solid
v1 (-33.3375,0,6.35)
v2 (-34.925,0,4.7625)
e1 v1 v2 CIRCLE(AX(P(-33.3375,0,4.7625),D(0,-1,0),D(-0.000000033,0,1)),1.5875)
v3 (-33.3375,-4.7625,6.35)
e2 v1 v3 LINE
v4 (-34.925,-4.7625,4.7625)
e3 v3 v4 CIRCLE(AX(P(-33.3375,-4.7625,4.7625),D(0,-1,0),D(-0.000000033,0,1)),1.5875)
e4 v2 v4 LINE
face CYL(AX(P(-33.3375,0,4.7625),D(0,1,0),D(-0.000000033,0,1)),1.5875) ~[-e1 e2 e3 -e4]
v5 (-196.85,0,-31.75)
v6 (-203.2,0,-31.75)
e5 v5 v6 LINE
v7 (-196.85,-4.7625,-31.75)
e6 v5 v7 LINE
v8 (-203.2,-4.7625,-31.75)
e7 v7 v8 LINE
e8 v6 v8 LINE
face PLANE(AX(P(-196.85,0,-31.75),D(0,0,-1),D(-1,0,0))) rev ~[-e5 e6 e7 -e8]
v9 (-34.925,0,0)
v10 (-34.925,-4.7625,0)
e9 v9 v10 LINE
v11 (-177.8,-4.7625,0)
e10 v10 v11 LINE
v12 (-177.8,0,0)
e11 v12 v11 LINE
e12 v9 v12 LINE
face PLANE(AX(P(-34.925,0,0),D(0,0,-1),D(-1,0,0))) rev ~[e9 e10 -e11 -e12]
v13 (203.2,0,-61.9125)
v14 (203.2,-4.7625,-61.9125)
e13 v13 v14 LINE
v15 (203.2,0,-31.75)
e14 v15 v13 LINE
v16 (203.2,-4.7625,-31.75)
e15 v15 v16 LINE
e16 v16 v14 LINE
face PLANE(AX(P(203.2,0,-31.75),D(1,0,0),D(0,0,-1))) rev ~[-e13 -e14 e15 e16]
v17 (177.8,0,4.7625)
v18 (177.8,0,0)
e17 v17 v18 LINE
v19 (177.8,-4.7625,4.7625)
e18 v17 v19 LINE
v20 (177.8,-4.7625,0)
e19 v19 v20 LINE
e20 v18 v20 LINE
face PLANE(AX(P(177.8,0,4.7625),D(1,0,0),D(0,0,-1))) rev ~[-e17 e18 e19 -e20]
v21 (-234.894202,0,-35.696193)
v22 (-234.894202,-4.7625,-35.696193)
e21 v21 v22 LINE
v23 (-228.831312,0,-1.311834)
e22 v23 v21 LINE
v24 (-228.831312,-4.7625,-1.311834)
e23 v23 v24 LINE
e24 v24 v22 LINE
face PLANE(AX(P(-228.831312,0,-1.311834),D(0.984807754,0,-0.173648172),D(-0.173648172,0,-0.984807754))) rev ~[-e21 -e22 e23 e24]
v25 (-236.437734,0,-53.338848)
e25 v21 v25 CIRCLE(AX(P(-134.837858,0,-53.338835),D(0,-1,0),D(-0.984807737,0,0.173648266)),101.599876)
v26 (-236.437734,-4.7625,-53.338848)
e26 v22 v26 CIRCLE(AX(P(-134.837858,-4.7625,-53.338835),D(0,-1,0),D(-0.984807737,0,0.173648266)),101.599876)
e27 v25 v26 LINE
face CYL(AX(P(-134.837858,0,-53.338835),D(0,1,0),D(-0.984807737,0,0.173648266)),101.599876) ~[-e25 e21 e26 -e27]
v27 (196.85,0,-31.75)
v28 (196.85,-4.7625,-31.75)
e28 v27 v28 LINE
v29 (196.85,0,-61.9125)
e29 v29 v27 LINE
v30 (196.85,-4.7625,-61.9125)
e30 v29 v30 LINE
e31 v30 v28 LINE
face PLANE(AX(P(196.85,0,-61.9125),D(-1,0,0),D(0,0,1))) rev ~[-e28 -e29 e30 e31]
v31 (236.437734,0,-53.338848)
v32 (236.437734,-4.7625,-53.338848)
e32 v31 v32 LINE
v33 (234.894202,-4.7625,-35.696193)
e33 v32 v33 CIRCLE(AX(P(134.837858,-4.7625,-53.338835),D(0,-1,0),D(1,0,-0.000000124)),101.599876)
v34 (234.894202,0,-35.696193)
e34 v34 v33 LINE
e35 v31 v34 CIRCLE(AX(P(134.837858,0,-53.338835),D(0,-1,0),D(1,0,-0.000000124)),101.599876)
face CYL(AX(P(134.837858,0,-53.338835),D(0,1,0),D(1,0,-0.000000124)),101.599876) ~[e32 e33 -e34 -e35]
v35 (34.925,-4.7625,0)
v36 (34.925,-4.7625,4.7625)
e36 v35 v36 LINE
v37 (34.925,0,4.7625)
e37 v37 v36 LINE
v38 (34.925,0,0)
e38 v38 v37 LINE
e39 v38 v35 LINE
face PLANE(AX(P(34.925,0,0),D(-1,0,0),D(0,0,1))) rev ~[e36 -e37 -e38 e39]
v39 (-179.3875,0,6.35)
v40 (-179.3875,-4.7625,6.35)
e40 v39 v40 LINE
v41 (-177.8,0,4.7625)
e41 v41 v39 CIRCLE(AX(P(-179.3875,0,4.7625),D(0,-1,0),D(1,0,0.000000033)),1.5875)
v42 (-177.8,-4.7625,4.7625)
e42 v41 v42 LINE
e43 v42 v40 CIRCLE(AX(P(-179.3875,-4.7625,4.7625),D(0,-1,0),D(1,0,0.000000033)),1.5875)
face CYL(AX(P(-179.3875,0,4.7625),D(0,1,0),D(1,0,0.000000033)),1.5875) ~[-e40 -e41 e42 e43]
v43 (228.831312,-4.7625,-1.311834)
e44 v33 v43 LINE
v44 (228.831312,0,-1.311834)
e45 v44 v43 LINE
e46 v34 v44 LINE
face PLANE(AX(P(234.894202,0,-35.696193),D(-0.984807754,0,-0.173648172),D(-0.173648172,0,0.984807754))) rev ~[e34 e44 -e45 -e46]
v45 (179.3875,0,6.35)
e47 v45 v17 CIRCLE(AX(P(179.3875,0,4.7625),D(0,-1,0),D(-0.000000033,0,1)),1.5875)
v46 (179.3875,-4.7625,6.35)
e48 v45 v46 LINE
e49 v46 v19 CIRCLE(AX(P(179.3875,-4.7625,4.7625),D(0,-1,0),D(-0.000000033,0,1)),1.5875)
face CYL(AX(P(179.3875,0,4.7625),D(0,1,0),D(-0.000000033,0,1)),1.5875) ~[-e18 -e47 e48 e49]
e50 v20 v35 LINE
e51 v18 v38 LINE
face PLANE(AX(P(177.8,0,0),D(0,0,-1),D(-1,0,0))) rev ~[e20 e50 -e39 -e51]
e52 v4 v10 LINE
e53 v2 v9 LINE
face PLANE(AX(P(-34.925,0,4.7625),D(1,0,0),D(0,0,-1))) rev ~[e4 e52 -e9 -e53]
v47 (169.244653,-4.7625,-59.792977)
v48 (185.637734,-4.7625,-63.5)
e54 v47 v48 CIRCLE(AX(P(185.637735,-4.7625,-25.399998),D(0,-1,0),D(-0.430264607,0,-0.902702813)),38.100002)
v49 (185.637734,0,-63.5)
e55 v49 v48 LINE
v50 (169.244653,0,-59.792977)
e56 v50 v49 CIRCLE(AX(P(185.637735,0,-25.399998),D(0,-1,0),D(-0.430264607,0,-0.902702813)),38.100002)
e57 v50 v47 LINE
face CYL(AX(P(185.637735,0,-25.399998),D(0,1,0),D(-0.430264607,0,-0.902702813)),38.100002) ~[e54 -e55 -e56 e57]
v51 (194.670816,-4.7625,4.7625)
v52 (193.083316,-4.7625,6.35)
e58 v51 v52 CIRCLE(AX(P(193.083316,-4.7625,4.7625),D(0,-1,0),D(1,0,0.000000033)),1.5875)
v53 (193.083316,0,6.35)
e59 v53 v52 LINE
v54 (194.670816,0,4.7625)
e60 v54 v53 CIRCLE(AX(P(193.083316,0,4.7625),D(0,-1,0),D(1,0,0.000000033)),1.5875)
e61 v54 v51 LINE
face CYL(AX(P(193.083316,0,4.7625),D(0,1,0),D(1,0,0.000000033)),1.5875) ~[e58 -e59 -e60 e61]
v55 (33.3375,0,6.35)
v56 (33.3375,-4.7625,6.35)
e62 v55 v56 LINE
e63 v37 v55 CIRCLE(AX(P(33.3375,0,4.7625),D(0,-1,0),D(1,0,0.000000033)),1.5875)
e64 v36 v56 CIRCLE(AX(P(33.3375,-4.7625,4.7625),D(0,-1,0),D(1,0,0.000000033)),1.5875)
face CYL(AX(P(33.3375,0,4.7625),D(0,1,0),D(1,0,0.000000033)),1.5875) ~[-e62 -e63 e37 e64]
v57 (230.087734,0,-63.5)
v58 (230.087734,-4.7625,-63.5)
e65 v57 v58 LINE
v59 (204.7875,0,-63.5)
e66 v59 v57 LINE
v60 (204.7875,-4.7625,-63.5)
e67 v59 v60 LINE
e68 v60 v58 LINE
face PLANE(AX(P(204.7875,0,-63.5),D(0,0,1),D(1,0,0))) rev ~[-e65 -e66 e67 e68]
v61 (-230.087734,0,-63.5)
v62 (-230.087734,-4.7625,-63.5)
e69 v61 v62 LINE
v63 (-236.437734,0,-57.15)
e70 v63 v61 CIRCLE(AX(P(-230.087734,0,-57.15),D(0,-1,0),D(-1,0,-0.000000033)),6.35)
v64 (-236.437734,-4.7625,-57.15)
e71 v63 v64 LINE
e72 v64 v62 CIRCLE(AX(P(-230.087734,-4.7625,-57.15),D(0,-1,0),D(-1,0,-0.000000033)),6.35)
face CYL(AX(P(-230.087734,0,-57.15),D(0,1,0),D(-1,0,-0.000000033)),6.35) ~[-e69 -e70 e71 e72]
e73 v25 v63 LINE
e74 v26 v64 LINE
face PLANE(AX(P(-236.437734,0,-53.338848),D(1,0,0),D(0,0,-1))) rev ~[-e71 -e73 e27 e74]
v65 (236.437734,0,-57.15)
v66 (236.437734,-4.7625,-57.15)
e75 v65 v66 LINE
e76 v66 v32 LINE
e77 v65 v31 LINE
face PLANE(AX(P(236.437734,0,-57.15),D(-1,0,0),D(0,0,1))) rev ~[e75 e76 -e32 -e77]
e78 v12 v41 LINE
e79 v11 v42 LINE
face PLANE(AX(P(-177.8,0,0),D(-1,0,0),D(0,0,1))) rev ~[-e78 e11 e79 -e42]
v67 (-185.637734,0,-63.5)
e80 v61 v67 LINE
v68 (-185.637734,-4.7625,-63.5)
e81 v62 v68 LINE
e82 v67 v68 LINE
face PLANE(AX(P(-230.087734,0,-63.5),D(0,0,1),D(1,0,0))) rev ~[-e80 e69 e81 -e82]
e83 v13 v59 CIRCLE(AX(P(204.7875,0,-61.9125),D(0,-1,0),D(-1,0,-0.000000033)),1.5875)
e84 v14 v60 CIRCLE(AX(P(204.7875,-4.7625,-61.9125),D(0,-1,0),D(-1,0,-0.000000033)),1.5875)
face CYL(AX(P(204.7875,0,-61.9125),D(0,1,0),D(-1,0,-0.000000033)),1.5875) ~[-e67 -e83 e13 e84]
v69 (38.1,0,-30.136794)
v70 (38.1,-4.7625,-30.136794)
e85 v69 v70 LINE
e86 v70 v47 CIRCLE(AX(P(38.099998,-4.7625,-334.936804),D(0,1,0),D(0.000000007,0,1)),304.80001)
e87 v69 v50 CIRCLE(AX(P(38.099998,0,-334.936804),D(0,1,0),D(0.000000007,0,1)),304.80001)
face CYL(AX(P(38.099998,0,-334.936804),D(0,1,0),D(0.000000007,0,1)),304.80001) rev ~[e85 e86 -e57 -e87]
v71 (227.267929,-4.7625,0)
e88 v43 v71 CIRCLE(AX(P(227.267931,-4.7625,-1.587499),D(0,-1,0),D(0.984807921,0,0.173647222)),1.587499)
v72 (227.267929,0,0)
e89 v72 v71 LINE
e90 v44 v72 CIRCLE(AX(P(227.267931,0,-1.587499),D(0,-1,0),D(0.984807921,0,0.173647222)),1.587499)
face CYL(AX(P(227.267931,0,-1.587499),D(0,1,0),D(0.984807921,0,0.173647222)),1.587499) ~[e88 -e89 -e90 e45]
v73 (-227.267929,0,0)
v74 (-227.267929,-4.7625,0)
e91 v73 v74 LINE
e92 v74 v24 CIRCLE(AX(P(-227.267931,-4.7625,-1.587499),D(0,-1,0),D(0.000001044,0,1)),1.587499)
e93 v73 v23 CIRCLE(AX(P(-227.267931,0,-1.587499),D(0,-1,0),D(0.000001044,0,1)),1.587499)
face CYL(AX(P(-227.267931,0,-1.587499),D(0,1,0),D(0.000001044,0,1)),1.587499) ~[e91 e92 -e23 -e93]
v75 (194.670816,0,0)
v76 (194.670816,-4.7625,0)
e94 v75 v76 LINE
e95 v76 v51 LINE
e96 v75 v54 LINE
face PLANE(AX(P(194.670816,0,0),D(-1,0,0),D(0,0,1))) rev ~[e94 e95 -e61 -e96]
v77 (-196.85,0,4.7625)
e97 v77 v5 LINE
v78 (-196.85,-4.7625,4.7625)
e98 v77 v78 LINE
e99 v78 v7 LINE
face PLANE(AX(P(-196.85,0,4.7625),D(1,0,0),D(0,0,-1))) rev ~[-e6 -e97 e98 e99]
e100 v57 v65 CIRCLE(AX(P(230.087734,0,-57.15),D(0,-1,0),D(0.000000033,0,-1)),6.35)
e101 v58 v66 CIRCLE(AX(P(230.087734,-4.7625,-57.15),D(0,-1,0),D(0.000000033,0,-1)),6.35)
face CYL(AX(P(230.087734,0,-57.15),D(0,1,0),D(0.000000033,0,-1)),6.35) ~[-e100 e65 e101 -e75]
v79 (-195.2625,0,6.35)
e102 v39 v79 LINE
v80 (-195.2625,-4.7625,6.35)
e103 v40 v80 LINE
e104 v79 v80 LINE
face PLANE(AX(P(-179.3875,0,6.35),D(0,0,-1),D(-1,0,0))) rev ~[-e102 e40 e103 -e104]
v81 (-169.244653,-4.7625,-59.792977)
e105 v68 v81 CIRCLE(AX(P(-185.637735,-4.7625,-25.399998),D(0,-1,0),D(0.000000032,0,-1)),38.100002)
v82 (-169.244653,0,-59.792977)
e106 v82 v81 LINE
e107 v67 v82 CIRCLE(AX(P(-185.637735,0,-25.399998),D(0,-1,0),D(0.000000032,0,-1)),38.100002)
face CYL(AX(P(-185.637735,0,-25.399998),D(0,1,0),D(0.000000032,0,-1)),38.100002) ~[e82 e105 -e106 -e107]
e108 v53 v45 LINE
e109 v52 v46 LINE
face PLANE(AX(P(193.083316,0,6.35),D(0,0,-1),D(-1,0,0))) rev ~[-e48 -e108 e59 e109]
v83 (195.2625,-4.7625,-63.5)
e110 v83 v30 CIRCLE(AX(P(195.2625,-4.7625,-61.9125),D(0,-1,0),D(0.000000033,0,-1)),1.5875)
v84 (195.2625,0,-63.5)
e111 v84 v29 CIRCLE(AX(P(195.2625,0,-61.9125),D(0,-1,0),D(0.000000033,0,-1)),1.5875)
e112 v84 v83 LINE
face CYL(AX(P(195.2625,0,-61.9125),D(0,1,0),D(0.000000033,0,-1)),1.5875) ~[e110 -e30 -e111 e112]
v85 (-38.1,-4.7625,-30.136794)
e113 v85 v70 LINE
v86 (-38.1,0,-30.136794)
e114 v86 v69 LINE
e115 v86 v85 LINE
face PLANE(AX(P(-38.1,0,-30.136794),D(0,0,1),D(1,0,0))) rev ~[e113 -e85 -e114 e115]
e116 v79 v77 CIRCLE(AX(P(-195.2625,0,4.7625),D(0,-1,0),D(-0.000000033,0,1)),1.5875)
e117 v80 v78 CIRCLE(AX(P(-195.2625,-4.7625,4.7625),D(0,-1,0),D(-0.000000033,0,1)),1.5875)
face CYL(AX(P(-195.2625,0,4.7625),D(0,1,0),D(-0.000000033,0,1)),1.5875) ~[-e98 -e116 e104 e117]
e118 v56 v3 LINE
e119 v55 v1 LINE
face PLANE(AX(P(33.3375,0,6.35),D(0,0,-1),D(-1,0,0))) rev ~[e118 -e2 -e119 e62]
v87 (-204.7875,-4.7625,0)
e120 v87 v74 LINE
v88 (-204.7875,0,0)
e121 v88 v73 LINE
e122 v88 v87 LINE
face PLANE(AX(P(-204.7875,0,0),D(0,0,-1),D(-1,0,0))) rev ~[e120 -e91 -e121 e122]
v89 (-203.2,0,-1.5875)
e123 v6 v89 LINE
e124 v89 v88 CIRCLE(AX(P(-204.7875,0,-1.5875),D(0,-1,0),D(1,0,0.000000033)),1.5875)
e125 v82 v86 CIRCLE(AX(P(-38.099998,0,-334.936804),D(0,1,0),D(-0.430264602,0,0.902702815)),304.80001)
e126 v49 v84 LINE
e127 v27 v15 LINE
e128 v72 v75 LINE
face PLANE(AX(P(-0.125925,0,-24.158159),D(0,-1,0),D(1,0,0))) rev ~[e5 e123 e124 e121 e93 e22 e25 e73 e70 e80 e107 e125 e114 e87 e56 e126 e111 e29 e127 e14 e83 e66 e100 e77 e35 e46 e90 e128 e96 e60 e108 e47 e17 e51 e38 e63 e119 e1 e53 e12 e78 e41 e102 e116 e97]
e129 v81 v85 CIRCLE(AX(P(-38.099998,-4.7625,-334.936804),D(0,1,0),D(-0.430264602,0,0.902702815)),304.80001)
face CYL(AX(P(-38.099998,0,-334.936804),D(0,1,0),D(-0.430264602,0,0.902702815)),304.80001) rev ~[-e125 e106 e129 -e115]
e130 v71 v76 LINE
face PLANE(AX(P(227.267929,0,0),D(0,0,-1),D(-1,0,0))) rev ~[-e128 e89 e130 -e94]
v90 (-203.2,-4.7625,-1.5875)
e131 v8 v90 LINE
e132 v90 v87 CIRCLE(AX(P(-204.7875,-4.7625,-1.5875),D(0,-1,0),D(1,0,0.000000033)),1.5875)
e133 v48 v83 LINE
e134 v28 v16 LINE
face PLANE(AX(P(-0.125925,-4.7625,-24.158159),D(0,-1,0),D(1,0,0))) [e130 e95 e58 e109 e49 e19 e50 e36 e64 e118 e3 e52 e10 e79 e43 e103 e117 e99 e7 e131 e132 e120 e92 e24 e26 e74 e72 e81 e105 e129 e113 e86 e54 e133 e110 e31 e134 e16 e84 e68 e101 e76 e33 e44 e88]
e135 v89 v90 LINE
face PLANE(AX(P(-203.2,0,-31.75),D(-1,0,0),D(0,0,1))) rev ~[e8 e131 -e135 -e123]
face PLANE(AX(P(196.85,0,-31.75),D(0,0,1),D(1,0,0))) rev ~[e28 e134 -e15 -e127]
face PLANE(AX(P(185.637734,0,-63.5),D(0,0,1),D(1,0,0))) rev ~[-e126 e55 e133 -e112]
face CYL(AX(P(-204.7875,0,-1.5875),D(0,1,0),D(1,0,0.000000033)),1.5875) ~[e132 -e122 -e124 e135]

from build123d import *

# Parameters (mm, degrees)
F1_DEPTH = 4.7625


with BuildPart() as f1:
    # F0 (on Front) → F1 (new body)
    with BuildSketch(Plane.XZ):
        with BuildLine():
            Line((-204.7875, 0), (-227.267929, 0))
            ThreePointArc((-227.267929, 0), (-228.288355, -0.371404), (-228.831312, -1.311834))
            Line((-228.831312, -1.311834), (-234.894202, -35.696193))
            ThreePointArc((-234.894202, -35.696193), (-236.051116, -44.483825), (-236.437734, -53.338848))
            Line((-236.437734, -53.338848), (-236.437734, -57.15))
            ThreePointArc((-236.437734, -57.15), (-234.577862, -61.640128), (-230.087734, -63.5))
            Line((-230.087734, -63.5), (-185.637734, -63.5))
            ThreePointArc((-185.637734, -63.5), (-177.234236, -62.56169), (-169.244653, -59.792977))
            ThreePointArc((-169.244653, -59.792977), (-105.327987, -37.643273), (-38.1, -30.136794))
            Line((-38.1, -30.136794), (0, -30.136794))
            Line((0, -30.136794), (38.1, -30.136794))
            ThreePointArc((38.1, -30.136794), (105.327987, -37.643273), (169.244653, -59.792977))
            ThreePointArc((169.244653, -59.792977), (177.234236, -62.56169), (185.637734, -63.5))
            Line((185.637734, -63.5), (195.2625, -63.5))
            ThreePointArc((195.2625, -63.5), (196.385032, -63.035032), (196.85, -61.9125))
            Line((196.85, -61.9125), (196.85, -31.75))
            Line((196.85, -31.75), (203.2, -31.75))
            Line((203.2, -31.75), (203.2, -61.9125))
            ThreePointArc((203.2, -61.9125), (203.664968, -63.035032), (204.7875, -63.5))
            Line((204.7875, -63.5), (230.087734, -63.5))
            ThreePointArc((230.087734, -63.5), (234.577862, -61.640128), (236.437734, -57.15))
            Line((236.437734, -57.15), (236.437734, -53.338848))
            ThreePointArc((236.437734, -53.338848), (236.051116, -44.483825), (234.894202, -35.696193))
            Line((234.894202, -35.696193), (228.831312, -1.311834))
            ThreePointArc((228.831312, -1.311834), (228.288355, -0.371404), (227.267929, 0))
            Line((227.267929, 0), (194.670816, 0))
            Line((194.670816, 0), (194.670816, 4.7625))
            ThreePointArc((194.670816, 4.7625), (194.205848, 5.885032), (193.083316, 6.35))
            Line((193.083316, 6.35), (179.3875, 6.35))
            ThreePointArc((179.3875, 6.35), (178.264968, 5.885032), (177.8, 4.7625))
            Line((177.8, 4.7625), (177.8, 0))
            Line((177.8, 0), (34.925, 0))
            Line((34.925, 0), (0, 0))
            Line((0, 0), (-34.925, 0))
            Line((-34.925, 0), (-177.8, 0))
            Line((-177.8, 0), (-177.8, 4.7625))
            ThreePointArc((-177.8, 4.7625), (-178.264968, 5.885032), (-179.3875, 6.35))
            Line((-179.3875, 6.35), (-195.2625, 6.35))
            ThreePointArc((-195.2625, 6.35), (-196.385032, 5.885032), (-196.85, 4.7625))
            Line((-196.85, 4.7625), (-196.85, -31.75))
            Line((-196.85, -31.75), (-203.2, -31.75))
            Line((-203.2, -31.75), (-203.2, -1.5875))
            ThreePointArc((-203.2, -1.5875), (-203.664968, -0.464968), (-204.7875, 0))
        make_face()
        with BuildLine():
            Line((-34.925, 4.7625), (-34.925, 0))
            Line((-34.925, 0), (0, 0))
            Line((0, 0), (34.925, 0))
            Line((34.925, 0), (34.925, 4.7625))
            ThreePointArc((34.925, 4.7625), (34.460032, 5.885032), (33.3375, 6.35))
            Line((33.3375, 6.35), (0, 6.35))
            Line((0, 6.35), (-33.3375, 6.35))
            ThreePointArc((-33.3375, 6.35), (-34.460032, 5.885032), (-34.925, 4.7625))
        make_face()
    extrude(amount=F1_DEPTH)


solid = f1.part
